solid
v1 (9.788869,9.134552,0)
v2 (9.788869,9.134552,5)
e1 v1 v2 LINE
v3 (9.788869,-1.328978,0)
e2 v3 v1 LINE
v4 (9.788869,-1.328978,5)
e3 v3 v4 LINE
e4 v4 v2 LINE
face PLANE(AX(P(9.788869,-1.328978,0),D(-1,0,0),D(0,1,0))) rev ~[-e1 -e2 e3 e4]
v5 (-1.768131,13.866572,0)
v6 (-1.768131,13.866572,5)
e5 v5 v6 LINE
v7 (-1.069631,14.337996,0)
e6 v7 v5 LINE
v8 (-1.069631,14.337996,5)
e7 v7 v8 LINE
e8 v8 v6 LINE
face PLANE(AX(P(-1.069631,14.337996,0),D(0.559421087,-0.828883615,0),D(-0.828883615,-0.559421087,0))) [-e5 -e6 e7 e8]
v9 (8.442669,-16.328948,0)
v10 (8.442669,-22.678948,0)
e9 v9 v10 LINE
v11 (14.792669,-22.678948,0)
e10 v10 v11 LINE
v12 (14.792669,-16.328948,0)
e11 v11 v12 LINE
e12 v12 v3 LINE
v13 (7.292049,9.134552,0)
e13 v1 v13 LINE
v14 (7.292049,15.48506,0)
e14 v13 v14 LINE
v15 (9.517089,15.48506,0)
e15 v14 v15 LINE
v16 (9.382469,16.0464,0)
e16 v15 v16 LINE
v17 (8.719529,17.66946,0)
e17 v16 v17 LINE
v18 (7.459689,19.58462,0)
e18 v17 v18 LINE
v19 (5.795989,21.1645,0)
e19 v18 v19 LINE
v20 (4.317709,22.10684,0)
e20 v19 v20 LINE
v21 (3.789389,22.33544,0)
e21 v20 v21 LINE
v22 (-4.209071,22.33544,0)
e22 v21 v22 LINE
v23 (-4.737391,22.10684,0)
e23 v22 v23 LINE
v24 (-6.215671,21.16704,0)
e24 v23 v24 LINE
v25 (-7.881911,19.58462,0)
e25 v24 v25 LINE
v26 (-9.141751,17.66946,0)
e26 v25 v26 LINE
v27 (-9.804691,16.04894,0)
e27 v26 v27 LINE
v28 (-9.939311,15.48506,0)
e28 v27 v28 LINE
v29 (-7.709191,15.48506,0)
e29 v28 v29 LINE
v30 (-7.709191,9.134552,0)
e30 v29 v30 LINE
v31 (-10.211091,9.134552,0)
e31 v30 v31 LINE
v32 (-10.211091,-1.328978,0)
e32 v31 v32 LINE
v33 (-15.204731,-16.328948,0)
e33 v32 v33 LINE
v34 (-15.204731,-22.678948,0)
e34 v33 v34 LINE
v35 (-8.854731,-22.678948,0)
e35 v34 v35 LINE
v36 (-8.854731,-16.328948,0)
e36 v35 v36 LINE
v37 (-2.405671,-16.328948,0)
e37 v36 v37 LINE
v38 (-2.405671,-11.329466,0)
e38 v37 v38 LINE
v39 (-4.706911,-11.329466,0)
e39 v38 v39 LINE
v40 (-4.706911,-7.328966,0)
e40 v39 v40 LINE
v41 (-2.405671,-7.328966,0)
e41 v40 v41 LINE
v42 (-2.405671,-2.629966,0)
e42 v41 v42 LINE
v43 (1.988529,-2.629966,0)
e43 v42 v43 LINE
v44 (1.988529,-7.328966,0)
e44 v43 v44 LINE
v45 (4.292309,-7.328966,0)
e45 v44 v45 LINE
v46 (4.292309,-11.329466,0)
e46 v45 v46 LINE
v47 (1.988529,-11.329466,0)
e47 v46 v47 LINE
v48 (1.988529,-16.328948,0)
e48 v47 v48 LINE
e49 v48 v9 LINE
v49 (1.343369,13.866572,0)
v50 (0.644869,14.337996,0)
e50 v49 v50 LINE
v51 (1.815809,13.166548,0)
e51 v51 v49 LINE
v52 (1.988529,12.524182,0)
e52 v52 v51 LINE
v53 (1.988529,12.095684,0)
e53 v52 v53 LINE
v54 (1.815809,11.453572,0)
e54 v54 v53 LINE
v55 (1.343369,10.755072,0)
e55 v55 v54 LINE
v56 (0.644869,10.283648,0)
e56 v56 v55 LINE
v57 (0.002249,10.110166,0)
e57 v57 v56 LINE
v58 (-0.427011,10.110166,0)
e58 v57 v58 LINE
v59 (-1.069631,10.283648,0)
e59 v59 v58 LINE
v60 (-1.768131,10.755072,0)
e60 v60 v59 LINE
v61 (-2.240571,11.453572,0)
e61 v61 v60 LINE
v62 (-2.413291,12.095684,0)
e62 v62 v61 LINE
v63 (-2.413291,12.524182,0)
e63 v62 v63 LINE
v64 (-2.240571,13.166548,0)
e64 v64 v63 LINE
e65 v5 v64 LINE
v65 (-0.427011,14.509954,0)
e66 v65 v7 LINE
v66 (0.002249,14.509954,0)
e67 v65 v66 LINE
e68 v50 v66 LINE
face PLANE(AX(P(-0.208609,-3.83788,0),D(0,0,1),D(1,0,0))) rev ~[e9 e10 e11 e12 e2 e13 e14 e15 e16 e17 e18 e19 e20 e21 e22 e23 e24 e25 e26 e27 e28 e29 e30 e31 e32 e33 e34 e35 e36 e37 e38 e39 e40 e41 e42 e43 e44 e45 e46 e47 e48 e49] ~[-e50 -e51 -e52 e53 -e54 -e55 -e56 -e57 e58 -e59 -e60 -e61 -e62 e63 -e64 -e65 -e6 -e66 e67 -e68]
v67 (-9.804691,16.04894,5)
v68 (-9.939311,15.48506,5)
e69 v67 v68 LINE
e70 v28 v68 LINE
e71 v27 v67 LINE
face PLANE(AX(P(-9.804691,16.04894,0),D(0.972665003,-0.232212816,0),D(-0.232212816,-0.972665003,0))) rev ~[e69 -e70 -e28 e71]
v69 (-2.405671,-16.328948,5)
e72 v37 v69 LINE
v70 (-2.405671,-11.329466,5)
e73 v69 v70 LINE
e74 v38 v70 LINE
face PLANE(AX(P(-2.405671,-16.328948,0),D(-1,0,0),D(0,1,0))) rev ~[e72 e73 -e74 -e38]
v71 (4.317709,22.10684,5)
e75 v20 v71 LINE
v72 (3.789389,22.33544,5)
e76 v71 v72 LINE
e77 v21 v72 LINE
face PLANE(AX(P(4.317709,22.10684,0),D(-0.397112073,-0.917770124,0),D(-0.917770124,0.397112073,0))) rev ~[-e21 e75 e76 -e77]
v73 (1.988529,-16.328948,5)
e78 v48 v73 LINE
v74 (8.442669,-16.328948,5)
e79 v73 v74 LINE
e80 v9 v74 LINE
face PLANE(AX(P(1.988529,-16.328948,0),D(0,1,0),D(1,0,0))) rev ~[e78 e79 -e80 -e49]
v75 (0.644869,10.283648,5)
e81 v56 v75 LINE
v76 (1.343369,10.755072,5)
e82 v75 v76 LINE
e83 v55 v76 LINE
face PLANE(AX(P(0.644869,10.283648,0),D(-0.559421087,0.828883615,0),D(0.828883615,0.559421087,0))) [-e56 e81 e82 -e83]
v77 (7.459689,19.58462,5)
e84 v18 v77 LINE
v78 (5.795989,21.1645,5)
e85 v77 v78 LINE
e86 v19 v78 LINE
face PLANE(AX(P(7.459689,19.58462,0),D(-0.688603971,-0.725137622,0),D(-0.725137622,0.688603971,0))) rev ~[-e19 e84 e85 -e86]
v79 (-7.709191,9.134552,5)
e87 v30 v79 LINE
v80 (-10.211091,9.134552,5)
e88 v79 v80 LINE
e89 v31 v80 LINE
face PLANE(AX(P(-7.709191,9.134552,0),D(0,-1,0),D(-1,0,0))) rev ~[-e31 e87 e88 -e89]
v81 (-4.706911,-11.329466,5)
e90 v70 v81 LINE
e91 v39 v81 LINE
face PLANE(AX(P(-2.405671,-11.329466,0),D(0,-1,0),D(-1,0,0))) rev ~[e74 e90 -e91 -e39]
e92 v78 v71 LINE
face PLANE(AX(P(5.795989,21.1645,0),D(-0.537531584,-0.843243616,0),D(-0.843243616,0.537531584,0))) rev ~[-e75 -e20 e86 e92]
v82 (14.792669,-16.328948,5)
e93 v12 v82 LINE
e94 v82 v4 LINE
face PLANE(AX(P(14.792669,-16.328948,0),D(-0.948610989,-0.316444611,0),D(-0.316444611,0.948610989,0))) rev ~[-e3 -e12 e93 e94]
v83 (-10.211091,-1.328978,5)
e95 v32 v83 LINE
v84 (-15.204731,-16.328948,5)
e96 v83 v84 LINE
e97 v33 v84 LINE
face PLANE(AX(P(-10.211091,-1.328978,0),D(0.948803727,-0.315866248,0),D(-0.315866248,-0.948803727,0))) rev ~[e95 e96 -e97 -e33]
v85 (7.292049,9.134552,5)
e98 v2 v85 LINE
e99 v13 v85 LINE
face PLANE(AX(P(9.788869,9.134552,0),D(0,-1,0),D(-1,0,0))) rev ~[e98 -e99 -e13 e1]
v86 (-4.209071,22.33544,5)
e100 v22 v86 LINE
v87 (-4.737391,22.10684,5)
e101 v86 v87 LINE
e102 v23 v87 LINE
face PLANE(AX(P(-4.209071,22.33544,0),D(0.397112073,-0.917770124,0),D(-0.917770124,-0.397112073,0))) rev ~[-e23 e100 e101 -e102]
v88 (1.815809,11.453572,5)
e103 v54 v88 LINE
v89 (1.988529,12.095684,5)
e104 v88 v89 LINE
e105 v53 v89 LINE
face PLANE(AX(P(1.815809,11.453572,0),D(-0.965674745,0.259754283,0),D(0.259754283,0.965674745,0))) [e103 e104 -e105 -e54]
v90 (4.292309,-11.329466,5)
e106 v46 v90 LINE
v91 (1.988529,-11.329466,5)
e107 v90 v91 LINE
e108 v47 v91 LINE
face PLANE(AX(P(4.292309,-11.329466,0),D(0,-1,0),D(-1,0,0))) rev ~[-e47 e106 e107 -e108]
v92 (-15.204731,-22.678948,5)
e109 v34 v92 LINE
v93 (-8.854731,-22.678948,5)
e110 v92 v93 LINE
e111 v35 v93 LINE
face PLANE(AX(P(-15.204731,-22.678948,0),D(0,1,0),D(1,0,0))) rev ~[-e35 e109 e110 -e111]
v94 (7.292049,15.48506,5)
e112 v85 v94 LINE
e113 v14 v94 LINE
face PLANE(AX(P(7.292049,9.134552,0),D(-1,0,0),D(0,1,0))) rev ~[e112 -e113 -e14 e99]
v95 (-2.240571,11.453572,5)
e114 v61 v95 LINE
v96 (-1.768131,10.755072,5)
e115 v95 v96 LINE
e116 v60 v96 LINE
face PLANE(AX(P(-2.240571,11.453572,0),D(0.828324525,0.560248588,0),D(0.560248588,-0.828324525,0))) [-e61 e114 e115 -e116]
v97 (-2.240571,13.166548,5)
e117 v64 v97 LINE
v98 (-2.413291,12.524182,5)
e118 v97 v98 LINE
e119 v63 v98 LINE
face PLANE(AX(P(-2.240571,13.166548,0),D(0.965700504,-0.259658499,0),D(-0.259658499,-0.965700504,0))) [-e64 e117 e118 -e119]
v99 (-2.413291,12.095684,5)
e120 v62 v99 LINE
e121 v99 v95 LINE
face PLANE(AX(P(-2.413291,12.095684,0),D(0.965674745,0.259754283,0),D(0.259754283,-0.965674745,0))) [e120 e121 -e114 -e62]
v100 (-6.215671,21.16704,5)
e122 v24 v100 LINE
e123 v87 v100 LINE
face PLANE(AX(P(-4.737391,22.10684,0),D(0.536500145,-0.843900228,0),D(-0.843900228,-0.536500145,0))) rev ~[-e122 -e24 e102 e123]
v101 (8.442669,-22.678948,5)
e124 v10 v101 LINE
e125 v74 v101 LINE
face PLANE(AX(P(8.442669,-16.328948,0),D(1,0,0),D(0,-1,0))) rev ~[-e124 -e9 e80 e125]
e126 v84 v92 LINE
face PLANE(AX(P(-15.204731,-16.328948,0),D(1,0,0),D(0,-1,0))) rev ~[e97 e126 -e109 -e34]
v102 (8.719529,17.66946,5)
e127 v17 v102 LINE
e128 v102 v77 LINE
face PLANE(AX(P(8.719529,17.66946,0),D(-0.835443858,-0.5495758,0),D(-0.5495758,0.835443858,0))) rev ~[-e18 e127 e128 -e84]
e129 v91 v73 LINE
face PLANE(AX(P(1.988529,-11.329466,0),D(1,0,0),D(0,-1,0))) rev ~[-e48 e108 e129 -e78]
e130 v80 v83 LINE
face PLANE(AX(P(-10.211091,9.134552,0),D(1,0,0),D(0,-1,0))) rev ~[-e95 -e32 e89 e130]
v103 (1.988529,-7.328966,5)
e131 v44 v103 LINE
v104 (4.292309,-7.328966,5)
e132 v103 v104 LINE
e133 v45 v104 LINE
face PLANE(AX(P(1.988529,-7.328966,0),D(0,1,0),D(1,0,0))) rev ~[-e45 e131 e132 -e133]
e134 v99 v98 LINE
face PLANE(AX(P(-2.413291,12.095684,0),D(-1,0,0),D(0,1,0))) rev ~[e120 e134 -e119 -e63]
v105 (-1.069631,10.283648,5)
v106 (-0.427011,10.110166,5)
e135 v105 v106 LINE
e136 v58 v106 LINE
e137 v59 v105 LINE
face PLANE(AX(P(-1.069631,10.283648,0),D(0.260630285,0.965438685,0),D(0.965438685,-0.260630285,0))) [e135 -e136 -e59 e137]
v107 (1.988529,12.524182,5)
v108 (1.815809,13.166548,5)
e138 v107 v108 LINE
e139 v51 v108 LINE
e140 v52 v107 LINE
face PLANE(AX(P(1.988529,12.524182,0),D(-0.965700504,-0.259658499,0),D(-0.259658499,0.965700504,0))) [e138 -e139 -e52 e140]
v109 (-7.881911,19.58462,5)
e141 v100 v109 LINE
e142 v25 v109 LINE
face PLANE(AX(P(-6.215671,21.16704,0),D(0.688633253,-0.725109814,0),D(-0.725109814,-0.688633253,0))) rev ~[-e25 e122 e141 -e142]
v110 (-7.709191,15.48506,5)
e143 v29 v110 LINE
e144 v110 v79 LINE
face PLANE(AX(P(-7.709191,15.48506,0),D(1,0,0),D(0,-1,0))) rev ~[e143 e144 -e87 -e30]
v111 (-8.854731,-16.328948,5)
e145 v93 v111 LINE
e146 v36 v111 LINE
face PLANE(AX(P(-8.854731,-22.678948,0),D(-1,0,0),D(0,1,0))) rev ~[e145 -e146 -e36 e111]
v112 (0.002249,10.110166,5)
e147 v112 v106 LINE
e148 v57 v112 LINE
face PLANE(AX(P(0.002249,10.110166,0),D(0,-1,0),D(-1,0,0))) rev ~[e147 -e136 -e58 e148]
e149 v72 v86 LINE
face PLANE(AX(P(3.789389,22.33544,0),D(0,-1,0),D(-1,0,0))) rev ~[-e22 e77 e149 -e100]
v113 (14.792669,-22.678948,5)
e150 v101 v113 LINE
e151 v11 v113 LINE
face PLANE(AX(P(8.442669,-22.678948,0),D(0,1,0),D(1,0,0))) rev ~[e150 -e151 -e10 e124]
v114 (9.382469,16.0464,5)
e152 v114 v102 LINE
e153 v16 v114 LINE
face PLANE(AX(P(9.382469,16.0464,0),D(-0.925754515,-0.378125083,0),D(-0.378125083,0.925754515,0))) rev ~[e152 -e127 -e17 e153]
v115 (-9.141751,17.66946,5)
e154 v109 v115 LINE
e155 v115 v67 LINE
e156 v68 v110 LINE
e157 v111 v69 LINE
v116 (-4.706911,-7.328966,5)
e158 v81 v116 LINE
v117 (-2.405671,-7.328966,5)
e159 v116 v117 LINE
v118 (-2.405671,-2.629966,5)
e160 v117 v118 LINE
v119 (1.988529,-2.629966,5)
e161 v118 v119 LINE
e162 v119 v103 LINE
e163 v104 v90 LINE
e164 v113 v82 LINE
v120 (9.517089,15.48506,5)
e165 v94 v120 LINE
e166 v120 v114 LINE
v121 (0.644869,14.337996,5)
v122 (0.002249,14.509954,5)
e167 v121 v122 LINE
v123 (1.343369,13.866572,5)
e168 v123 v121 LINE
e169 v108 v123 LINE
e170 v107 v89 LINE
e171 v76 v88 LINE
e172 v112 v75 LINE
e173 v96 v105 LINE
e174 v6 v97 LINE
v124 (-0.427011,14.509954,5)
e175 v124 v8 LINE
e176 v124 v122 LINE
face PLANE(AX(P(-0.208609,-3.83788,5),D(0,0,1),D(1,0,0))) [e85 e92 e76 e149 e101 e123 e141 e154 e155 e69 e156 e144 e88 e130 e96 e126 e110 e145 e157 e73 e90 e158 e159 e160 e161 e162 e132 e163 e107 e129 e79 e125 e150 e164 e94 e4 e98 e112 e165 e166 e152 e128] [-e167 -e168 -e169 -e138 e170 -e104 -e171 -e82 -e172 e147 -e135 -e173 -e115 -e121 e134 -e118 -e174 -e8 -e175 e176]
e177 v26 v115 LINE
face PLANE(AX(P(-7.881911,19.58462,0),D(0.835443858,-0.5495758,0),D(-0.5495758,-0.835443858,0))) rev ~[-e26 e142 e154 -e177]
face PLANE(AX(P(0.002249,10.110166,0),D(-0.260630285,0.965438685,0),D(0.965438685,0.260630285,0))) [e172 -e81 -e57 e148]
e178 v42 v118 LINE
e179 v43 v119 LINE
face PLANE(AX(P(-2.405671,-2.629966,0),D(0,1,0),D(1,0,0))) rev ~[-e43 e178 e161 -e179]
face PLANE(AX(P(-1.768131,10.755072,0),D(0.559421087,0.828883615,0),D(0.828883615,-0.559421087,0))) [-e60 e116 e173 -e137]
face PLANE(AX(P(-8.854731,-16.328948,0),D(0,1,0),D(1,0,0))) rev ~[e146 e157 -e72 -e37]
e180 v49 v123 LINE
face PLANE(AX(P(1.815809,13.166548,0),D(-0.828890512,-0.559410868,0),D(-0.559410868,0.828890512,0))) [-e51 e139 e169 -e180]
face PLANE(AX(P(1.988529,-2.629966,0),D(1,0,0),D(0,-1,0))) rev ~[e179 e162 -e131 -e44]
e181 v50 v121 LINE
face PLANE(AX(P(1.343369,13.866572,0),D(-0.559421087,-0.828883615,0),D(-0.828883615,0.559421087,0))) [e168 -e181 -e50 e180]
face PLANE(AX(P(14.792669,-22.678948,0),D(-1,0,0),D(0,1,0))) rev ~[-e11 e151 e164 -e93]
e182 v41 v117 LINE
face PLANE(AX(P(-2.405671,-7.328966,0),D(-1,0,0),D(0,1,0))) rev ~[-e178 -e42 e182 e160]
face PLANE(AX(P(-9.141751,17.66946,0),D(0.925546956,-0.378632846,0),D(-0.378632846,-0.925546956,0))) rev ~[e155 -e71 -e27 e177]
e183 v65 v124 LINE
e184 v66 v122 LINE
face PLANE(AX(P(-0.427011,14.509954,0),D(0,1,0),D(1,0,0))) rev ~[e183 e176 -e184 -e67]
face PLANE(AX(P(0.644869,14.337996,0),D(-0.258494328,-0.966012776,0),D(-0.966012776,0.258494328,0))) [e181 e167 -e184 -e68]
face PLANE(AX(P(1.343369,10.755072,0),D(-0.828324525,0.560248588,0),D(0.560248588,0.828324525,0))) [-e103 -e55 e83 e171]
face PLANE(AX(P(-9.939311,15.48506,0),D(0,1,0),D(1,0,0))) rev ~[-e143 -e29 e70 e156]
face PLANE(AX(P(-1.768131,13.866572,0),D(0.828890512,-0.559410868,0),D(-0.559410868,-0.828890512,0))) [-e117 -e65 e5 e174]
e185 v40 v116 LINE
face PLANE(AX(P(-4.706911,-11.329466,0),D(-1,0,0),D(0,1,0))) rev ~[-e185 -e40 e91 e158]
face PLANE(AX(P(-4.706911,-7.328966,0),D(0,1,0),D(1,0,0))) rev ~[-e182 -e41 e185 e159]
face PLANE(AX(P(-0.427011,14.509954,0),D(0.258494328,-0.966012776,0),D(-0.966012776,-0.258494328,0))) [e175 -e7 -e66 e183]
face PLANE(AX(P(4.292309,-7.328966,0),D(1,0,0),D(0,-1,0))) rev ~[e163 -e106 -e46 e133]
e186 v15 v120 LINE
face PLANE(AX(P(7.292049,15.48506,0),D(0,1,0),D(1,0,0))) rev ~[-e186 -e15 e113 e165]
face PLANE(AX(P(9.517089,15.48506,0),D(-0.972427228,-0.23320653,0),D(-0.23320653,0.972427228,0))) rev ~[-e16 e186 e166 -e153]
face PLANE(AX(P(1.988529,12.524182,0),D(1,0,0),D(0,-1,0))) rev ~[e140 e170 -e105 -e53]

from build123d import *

# Parameters (mm, degrees)
BOSS_EXTRUDE1_DEPTH = 5


with BuildPart() as part:
    # Sketch1 → Boss-Extrude1 (new body)
    with BuildSketch(Plane.XY):
        Polygon((-10.211091397, -1.328977692), (-15.204731397, -16.328947692), (-15.204731397, -22.678947692), (-8.854731397, -22.678947692), (-8.854731397, -16.328947692), (-2.405671397, -16.328947692), (-2.405671397, -11.329465692), (-4.706911397, -11.329465692), (-4.706911397, -7.328965692), (-2.405671397, -7.328965692), (-2.405671397, -2.629965692), (1.988528603, -2.629965692), (1.988528603, -7.328965692), (4.292308603, -7.328965692), (4.292308603, -11.329465692), (1.988528603, -11.329465692), (1.988528603, -16.328947692), (8.442668603, -16.328947692), (8.442668603, -22.678947692), (14.792668603, -22.678947692), (14.792668603, -16.328947692), (9.788868603, -1.328977692), (9.788868603, 9.134552308), (7.292048603, 9.134552308), (7.292048603, 15.485060308), (9.517088603, 15.485060308), (9.382468603, 16.046400308), (8.719528603, 17.669460308), (7.459688603, 19.584620308), (5.795988603, 21.164500308), (4.317708603, 22.106840308), (3.789388603, 22.335440308), (-4.209071397, 22.335440308), (-4.737391397, 22.106840308), (-6.215671397, 21.167040308), (-7.881911397, 19.584620308), (-9.141751397, 17.669460308), (-9.804691397, 16.048940308), (-9.939311397, 15.485060308), (-7.709191397, 15.485060308), (-7.709191397, 9.134552308), (-10.211091397, 9.134552308), align=None)
        Polygon((1.988528603, 12.309552308), (1.988528603, 12.524182308), (1.815808603, 13.166548308), (1.343368603, 13.866572308), (0.644868603, 14.337996308), (0.002248603, 14.509954308), (-0.211111397, 14.509954308), (-0.427011397, 14.509954308), (-1.069631397, 14.337996308), (-1.768131397, 13.866572308), (-2.240571397, 13.166548308), (-2.413291397, 12.524182308), (-2.413291397, 12.309552308), (-2.413291397, 12.095684308), (-2.240571397, 11.453572308), (-1.768131397, 10.755072308), (-1.069631397, 10.283648308), (-0.427011397, 10.110166308), (-0.211111397, 10.110166308), (0.002248603, 10.110166308), (0.644868603, 10.283648308), (1.343368603, 10.755072308), (1.815808603, 11.453572308), (1.988528603, 12.095684308), align=None, mode=Mode.SUBTRACT)
    extrude(amount=BOSS_EXTRUDE1_DEPTH)


solid = part.part
